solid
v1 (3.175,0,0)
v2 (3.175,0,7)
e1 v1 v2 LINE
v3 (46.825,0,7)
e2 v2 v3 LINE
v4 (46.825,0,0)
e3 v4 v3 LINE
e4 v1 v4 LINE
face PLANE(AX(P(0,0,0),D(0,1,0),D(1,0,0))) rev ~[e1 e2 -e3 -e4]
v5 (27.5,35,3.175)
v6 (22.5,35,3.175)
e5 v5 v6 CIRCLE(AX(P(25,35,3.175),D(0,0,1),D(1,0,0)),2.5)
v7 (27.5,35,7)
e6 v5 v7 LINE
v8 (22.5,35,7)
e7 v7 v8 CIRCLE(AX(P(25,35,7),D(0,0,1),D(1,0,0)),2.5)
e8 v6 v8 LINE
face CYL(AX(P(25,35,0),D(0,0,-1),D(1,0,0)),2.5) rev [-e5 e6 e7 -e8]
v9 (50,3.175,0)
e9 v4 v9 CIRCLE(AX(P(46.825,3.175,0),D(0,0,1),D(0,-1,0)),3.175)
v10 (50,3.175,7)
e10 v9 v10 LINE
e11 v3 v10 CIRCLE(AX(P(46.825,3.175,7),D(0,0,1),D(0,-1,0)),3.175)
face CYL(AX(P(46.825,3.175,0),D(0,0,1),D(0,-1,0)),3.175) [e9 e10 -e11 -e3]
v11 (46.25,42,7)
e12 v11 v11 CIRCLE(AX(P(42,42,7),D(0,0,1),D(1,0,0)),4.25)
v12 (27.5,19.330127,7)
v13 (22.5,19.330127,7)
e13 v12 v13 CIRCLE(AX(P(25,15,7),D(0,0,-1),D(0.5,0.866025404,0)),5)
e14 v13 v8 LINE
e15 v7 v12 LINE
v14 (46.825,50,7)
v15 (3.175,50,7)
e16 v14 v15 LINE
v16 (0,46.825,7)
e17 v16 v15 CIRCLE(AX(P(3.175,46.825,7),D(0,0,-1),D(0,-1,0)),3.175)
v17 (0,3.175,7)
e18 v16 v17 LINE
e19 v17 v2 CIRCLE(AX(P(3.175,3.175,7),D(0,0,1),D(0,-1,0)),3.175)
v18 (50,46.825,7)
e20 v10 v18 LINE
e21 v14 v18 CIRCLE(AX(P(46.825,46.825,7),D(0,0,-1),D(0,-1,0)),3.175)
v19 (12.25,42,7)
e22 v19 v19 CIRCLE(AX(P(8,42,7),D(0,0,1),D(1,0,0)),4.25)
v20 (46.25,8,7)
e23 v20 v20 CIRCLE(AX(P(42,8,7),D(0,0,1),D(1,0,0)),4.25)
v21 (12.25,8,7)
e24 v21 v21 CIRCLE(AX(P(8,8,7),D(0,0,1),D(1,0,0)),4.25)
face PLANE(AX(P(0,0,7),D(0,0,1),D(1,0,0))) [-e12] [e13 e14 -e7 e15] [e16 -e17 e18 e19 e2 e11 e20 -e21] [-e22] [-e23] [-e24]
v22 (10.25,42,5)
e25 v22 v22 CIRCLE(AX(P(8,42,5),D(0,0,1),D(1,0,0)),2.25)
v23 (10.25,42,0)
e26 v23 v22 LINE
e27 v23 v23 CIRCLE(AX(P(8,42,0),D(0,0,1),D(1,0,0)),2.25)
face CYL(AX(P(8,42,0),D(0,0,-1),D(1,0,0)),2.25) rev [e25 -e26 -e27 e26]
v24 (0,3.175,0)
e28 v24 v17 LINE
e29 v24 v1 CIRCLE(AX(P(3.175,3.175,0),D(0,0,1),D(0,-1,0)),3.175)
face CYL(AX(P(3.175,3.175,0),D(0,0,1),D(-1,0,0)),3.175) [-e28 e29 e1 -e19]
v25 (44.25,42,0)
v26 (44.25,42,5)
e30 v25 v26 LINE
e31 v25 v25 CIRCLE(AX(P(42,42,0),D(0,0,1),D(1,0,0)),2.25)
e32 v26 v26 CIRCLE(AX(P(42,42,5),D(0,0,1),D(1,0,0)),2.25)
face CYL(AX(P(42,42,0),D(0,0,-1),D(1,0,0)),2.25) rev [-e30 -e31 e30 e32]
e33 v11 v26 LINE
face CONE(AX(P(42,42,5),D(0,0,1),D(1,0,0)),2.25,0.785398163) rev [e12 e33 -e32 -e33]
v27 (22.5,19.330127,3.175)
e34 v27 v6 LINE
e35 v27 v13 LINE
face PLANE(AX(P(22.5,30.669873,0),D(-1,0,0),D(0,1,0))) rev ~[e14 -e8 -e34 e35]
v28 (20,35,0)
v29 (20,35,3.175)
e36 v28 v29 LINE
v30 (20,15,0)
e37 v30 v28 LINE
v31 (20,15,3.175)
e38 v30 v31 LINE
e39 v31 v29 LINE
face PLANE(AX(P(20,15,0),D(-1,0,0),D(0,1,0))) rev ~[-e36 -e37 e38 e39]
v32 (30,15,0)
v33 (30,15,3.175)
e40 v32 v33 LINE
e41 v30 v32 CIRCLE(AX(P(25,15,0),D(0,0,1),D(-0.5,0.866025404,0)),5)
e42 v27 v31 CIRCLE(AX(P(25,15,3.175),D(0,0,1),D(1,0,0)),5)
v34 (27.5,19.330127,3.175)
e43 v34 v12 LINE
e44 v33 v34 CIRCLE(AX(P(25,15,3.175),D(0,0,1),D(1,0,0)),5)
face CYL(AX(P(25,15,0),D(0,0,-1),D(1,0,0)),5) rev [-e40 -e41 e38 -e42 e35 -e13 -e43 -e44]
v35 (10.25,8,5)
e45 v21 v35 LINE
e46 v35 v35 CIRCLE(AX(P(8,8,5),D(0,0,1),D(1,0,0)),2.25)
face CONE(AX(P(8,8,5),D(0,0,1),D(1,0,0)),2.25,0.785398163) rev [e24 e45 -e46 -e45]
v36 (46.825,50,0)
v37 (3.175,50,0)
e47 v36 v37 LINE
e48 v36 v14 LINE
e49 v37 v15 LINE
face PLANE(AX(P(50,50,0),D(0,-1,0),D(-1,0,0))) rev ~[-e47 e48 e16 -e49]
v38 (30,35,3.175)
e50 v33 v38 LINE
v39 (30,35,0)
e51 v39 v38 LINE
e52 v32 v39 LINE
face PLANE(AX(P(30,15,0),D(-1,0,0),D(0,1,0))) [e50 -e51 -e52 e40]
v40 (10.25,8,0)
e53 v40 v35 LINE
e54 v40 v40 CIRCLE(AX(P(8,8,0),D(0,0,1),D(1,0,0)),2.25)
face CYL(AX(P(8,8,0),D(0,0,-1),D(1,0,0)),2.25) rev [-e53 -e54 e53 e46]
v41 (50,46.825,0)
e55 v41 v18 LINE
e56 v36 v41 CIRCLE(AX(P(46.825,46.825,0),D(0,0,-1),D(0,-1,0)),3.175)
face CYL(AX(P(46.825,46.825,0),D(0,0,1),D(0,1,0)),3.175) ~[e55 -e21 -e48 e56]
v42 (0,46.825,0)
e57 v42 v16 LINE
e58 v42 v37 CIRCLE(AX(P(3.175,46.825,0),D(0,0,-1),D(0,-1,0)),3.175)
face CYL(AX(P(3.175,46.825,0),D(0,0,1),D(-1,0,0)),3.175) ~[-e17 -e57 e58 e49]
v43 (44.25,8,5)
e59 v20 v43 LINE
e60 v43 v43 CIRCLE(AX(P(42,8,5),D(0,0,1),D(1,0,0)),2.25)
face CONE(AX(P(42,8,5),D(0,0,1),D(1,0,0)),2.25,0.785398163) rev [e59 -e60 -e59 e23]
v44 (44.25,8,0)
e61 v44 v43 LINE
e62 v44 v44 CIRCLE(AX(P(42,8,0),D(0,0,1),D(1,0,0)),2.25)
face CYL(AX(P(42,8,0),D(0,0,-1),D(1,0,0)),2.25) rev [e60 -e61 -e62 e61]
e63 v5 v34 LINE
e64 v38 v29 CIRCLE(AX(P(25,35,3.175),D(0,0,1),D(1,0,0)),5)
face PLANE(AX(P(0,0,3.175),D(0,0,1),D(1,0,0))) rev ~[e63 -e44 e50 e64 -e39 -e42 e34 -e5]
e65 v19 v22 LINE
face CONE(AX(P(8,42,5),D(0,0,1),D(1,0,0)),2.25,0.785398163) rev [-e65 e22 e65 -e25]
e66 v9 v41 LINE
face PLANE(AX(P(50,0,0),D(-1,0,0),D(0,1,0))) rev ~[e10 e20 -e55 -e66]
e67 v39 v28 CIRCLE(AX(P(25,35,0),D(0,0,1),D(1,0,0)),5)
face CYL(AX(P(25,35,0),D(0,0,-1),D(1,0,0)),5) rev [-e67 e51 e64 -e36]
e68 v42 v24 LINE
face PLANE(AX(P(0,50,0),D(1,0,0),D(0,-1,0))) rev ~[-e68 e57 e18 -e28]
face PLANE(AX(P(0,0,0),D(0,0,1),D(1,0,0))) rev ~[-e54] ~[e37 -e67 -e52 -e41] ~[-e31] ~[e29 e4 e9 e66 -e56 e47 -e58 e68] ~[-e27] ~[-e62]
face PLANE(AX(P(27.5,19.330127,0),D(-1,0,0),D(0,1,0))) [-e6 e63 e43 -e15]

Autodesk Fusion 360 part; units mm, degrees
sketch "Sketch1" plane through (0, 0, 0) normal (0, 0, 1) x (1, 0, 0)
  line L0 (0, 0) -> (50, 0)
  line L1 (50, 0) -> (50, 50)
  line L2 (50, 50) -> (0, 50)
  line L3 (0, 50) -> (0, 0)
  circle A0 centre (8, 42) radius 2.25
  line L4 (8, 42) -> (42, 42) construction
  line L5 (42, 42) -> (42, 8) construction
  line L6 (42, 8) -> (8, 8) construction
  line L7 (8, 8) -> (8, 42) construction
  circle A1 centre (8, 8) radius 2.25
  circle A2 centre (42, 42) radius 2.25
  circle A3 centre (42, 8) radius 2.25
  circle A4 centre (25, 15) radius 5
  line L8 (25, 15) -> (25, 35) construction
  circle A5 centre (25, 35) radius 5
  circle A6 centre (25, 35) radius 2.5
  circle A7 centre (25, 20) radius 2.5
  line L9 (27.5, 15) -> (27.5, 35)
  line L10 (22.5, 15) -> (22.5, 35)
  line L11 (30, 15) -> (30, 35)
  line L12 (20, 15) -> (20, 35)
  dimension "d1" = 50
  dimension "d2" = 4.5
  dimension "d3" = 8
  dimension "d4" = 8
  dimension "d5" = 8
  dimension "d6" = 8
  dimension "d7" = 4.5
  dimension "d8" = 4.5
  dimension "d9" = 4.5
  dimension "d10" = 10
  dimension "d11" = 20
  dimension "d13" = 15
  dimension "d14" = 10
  dimension "d15" = 5
  dimension "d16" = 5
  dimension "d17" = 2.5
  dimension "d18" = -2.5
  dimension "d19" = 5
  dimension "d20" = -5
extrude "Extrude1" add sketch "Sketch1" along normal blind 7 contours L0 L1 L2 L3 | A4 A5 L10 L12 | A4 A5 L9 L11 | A5 A6 L9 L10 picked at (20.8519, 34.7516)
extrude "Extrude2" cut sketch "Sketch1" along normal blind 3.175 contours A4 A5 L10 L12 | A4 A5 L9 L11 | A5 A6 L9 L10 picked at (20.8519, 34.7516)
fillet "Fillet1" radius 3.175 4 edges at (0, 0, 3.5) (50, 0, 3.5) (50, 50, 3.5) (0, 50, 3.5)
chamfer "Chamfer1" distance 2 angle 45 4 edges at (5.9023, 42.8136, 7) (5.9023, 8.8136, 7) (39.9023, 8.8136, 7) (39.9023, 42.8136, 7)
sketch "Sketch2" plane through (0, 0, 3.175) normal (0, 0, -1) x (1, 0, 0)
  line L0 (22.5, -35) -> (22.5, -19.3301)
  arc A0 (20, -15) -> (22.5, -19.3301) centre (25, -15) ccw
  line L1 (20, -15) -> (20, -35)
  arc A1 (20, -35) -> (30, -35) centre (25, -35) ccw
  line L2 (30, -35) -> (30, -15)
  arc A2 (27.5, -19.3301) -> (30, -15) centre (25, -15) ccw
  line L3 (27.5, -19.3301) -> (27.5, -35)
  arc A3 (22.5, -35) -> (27.5, -35) centre (25, -35) ccw
  line L4 (20, -35) -> (20, -15)
  arc A4 (30, -15) -> (20, -15) centre (25, -15) ccw
  line L5 (30, -15) -> (30, -35)
  arc A5 (20, -35) -> (30, -35) centre (25, -35) ccw
